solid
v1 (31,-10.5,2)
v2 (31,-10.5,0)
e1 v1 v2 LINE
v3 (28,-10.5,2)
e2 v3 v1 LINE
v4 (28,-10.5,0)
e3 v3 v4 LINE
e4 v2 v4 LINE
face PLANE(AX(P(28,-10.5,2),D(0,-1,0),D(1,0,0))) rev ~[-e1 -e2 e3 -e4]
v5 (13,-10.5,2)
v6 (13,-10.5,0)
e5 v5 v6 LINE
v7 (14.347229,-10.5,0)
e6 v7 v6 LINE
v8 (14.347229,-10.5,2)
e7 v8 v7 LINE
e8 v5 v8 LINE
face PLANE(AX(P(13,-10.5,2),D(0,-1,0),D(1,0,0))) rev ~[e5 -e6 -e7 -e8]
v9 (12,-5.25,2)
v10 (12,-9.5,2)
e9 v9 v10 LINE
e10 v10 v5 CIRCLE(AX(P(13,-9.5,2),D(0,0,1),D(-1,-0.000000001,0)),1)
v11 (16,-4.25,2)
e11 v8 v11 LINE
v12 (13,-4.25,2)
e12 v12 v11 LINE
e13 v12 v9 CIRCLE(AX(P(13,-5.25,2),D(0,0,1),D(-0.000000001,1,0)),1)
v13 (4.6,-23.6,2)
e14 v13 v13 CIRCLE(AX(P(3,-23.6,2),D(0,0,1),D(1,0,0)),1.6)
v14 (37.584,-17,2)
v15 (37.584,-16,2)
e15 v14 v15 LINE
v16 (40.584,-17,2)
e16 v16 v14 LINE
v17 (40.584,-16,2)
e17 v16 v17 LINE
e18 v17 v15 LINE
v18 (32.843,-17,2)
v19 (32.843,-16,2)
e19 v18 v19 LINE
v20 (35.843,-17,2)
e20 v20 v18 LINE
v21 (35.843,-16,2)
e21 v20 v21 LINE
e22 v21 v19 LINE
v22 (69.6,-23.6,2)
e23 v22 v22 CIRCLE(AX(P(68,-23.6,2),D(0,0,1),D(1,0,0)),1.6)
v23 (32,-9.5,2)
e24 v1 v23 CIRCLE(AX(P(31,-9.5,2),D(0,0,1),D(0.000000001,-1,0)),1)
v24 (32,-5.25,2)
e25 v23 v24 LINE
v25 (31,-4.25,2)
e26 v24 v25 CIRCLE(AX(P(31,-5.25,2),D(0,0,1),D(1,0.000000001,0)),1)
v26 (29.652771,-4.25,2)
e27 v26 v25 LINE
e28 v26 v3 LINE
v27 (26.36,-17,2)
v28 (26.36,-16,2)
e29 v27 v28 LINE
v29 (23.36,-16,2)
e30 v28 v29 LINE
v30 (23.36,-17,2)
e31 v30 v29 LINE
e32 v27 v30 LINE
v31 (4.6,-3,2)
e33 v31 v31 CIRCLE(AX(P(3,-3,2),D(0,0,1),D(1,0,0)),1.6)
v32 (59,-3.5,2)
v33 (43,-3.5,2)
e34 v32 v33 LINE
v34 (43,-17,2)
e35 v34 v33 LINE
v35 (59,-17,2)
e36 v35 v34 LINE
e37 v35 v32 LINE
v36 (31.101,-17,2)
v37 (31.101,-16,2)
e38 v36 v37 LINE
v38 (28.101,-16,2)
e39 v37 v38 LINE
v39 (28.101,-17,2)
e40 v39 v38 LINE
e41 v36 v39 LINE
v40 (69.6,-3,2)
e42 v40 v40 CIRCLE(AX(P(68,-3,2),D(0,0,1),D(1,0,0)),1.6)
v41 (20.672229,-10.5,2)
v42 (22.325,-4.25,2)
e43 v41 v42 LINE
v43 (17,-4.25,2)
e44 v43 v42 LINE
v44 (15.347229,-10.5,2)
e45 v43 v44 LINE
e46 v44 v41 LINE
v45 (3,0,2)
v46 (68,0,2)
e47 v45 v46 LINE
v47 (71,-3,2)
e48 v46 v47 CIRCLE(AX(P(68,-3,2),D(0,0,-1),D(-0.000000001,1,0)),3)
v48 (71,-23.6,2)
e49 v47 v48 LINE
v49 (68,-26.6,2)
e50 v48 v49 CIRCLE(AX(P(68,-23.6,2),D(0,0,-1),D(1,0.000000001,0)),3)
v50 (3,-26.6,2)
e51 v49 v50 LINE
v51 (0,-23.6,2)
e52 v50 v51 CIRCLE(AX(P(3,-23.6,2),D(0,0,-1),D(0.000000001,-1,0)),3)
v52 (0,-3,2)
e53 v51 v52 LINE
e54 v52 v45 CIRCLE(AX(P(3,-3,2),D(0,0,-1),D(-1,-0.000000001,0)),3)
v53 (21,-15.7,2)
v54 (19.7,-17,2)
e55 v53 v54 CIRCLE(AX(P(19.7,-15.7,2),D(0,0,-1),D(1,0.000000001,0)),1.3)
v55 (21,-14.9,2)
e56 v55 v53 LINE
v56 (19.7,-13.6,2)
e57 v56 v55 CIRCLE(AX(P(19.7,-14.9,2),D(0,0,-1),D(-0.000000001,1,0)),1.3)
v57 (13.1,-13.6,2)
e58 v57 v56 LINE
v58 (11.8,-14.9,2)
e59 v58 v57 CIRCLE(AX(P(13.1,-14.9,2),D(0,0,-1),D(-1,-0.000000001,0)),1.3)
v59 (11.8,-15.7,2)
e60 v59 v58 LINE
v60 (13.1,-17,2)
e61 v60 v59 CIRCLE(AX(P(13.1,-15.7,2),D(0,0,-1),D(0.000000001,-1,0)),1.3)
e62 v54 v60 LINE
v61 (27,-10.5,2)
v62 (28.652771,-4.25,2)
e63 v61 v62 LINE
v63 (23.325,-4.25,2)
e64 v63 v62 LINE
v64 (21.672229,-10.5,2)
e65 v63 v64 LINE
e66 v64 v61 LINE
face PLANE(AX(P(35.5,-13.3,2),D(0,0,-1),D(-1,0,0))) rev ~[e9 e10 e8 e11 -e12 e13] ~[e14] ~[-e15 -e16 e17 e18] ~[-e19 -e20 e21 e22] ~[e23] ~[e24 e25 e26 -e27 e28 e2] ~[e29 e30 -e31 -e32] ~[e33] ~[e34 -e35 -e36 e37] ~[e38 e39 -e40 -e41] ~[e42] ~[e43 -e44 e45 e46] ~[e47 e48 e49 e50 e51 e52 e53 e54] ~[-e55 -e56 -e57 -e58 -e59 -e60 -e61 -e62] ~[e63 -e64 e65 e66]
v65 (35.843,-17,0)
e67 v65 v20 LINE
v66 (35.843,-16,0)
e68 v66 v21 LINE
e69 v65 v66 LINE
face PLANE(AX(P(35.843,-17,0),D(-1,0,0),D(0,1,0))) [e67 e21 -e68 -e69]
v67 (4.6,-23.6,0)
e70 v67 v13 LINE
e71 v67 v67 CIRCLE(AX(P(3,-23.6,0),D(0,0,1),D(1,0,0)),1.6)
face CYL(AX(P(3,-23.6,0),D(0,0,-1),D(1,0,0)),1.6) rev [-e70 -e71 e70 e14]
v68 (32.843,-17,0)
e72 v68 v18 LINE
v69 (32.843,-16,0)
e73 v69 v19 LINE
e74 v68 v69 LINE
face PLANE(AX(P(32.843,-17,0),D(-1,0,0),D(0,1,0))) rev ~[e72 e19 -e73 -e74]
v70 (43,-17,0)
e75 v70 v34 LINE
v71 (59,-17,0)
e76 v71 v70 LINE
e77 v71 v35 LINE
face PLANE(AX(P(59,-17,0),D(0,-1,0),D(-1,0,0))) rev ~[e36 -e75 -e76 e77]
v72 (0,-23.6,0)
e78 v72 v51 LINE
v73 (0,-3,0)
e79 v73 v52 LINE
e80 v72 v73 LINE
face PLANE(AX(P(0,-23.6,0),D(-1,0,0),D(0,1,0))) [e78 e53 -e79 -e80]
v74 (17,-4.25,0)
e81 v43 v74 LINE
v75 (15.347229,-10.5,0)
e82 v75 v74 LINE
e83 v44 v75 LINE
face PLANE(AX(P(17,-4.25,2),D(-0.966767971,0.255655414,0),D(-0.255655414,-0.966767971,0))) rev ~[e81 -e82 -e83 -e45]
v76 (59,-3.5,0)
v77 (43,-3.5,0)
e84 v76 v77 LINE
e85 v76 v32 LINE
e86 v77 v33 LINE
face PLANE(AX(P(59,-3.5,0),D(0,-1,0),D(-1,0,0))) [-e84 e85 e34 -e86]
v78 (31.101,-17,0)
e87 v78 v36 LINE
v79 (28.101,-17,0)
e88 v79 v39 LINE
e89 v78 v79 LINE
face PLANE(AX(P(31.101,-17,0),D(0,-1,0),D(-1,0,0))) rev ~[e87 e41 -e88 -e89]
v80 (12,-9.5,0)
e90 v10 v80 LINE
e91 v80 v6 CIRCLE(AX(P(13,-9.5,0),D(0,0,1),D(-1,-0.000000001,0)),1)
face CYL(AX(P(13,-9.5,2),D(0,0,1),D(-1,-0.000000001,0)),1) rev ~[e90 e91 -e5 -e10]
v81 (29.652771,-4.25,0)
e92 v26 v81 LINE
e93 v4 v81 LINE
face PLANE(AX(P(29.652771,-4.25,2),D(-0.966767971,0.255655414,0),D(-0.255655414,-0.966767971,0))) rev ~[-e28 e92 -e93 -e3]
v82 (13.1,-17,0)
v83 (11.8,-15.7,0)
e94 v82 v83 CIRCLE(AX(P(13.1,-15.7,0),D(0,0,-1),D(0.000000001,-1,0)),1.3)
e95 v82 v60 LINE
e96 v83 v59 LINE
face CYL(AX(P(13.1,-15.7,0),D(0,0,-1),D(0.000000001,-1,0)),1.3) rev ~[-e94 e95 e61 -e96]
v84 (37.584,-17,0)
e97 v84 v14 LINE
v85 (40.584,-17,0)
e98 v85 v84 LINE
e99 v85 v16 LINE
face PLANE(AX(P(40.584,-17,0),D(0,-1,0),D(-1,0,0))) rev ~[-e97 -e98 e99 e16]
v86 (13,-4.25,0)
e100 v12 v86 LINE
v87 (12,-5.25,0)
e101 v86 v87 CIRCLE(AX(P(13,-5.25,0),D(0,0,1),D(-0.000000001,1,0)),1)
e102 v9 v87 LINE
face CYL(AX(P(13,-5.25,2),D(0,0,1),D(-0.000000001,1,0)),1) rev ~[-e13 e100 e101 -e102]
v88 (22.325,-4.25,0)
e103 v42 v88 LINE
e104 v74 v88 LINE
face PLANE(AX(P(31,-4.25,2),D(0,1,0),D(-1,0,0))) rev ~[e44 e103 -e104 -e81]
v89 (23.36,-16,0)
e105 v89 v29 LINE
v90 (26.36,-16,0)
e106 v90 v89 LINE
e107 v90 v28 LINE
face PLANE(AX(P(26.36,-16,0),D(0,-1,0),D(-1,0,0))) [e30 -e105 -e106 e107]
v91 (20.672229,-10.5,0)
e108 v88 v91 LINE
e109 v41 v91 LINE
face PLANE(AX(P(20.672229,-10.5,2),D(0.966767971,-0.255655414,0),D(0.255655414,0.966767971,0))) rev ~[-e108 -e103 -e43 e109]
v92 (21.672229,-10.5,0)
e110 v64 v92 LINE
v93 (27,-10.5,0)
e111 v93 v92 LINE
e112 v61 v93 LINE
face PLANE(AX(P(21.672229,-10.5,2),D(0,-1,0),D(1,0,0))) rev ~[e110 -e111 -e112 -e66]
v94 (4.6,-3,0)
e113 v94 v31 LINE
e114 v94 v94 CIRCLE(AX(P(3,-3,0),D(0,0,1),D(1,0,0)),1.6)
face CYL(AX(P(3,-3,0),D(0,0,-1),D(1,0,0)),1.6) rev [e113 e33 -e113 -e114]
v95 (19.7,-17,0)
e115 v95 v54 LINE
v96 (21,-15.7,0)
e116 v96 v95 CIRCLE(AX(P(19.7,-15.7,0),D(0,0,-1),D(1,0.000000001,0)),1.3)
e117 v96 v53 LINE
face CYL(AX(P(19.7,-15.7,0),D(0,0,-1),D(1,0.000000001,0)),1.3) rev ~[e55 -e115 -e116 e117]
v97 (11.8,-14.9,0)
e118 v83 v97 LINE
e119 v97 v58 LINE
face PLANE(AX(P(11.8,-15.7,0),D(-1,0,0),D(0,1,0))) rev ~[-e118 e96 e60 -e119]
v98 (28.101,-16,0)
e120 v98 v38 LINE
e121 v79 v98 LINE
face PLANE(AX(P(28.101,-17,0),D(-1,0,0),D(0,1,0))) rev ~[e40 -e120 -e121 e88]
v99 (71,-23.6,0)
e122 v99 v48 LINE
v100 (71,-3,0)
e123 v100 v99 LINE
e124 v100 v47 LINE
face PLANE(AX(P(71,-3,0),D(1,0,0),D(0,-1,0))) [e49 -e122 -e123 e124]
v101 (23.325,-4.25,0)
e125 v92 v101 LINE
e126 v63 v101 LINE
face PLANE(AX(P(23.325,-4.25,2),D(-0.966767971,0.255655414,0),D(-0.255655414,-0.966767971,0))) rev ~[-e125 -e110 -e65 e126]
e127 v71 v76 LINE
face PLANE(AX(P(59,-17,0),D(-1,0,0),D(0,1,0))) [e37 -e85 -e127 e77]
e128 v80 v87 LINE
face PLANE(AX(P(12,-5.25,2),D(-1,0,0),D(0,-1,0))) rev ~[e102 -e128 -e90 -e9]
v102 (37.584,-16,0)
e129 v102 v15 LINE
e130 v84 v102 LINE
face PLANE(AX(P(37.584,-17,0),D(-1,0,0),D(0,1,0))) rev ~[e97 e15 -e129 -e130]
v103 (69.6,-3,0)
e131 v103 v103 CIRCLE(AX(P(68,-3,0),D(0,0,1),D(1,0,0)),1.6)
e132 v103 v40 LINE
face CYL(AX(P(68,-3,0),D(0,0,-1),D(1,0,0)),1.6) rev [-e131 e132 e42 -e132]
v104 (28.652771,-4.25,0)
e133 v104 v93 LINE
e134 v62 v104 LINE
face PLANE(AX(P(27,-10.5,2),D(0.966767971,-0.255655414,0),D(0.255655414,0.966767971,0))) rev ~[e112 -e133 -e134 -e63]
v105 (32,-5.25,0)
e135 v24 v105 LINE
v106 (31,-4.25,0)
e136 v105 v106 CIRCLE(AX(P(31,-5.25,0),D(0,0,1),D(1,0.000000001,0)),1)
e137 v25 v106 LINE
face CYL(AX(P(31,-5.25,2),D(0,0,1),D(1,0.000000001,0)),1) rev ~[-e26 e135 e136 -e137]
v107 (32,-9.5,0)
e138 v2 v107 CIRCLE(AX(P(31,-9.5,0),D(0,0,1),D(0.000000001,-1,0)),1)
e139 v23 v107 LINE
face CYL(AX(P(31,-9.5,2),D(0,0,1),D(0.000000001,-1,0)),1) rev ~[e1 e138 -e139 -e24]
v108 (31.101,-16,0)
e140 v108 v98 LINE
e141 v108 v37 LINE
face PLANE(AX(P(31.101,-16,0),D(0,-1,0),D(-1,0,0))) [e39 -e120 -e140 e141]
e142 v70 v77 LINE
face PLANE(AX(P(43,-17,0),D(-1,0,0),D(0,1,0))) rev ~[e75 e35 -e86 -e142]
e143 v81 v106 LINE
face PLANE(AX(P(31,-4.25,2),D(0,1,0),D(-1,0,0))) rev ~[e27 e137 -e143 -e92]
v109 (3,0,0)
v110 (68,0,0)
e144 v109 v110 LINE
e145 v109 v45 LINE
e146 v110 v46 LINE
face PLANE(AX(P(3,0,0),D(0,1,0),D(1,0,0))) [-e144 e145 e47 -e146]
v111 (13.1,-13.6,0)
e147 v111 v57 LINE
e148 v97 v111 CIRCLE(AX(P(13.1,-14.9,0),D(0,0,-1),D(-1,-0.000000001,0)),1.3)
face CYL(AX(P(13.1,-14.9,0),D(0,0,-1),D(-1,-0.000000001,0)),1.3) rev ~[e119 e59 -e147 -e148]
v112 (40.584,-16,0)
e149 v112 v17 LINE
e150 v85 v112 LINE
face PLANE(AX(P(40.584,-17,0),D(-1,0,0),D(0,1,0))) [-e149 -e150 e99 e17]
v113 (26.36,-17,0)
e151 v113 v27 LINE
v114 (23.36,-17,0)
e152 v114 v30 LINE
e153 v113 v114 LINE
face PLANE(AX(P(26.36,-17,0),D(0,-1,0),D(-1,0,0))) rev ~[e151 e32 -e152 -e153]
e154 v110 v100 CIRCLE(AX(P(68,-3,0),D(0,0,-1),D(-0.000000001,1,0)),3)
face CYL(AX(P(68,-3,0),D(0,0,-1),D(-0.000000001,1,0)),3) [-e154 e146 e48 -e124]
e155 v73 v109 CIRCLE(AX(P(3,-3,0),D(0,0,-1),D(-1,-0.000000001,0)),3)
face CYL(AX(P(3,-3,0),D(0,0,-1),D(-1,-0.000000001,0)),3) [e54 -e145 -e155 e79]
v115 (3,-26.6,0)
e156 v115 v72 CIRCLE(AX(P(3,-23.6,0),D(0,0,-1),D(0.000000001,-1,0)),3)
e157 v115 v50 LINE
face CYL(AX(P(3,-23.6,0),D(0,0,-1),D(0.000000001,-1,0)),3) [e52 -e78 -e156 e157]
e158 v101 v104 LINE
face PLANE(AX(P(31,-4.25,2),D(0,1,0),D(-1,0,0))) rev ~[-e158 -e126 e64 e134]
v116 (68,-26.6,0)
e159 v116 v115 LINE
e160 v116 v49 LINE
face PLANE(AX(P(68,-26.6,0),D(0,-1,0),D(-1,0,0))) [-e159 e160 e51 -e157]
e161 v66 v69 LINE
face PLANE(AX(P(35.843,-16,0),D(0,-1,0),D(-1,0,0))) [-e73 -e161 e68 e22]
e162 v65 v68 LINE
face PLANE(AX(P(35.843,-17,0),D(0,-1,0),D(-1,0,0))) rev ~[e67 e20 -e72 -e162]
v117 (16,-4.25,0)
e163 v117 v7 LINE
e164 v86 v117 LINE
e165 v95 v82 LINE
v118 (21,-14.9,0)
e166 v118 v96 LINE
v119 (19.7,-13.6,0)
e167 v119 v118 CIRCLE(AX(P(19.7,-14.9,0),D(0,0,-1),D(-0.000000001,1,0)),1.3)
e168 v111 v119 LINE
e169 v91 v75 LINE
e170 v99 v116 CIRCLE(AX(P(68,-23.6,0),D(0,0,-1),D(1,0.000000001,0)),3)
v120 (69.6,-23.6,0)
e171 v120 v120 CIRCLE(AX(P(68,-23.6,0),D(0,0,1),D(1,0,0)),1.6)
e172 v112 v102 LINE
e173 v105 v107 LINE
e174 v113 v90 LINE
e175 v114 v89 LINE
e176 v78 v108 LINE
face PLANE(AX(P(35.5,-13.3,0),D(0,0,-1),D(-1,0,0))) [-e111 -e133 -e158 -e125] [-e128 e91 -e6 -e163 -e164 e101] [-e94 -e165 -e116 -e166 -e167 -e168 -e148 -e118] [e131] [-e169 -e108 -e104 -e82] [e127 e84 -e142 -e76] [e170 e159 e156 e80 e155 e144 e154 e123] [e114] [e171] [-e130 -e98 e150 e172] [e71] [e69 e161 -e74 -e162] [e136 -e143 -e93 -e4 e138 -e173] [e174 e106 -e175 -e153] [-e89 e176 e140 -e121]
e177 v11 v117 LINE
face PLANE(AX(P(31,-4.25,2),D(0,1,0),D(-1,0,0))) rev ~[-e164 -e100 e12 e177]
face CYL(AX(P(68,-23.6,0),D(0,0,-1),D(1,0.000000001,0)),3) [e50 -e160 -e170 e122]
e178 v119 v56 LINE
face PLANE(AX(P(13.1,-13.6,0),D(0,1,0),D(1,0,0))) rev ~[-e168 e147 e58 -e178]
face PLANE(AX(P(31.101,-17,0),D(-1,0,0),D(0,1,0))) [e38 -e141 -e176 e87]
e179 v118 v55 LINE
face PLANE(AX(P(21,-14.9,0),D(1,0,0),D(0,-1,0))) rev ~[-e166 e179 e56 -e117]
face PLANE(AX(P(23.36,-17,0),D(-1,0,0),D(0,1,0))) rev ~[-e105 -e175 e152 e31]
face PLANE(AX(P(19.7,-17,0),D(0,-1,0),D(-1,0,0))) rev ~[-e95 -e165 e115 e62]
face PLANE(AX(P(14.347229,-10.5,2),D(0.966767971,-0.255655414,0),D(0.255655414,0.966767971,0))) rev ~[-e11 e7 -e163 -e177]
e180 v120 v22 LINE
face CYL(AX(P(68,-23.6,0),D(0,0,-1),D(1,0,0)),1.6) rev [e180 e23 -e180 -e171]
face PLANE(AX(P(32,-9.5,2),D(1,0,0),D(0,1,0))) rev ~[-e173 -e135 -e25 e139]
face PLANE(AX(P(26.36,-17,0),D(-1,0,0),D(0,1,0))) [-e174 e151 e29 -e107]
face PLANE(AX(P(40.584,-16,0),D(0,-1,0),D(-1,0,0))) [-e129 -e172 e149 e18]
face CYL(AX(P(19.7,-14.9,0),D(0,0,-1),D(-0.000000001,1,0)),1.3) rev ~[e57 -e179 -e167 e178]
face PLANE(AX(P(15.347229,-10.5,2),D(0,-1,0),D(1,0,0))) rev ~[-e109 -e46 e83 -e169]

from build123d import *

# Parameters (mm, degrees)
SKETCH_1_R          = 1.6
EXTRUDE_1_DEPTH     = 2
SKETCH_2_W          = 16
SKETCH_2_H          = 13.5
SKETCH_2_W_2        = 3
SKETCH_2_H_2        = 1
CUT_EXTRUDE_2_DEPTH = 2
SKETCH_3_W          = 20
SKETCH_3_H          = 2.5
EXTRUDE_2_DEPTH     = 20
CUT_EXTRUDE_3_DEPTH = 20
SKETCH_6_W          = 20
SKETCH_6_H          = 2.5
CUT_EXTRUDE_4_DEPTH = 20


with BuildPart() as part:
    # 草图1 → 凸台-拉伸1 (new body)
    with BuildSketch(Plane.XY):
        with BuildLine():
            Line((3, 0), (68, 0))
            ThreePointArc((68, 0), (70.121320344, -0.878679656), (71, -3))
            Line((71, -3), (71, -23.6))
            ThreePointArc((71, -23.6), (70.121320344, -25.721320344), (68, -26.6))
            Line((68, -26.6), (3, -26.6))
            ThreePointArc((3, -26.6), (0.878679656, -25.721320344), (0, -23.6))
            Line((0, -23.6), (0, -3))
            ThreePointArc((0, -3), (0.878679656, -0.878679656), (3, 0))
        make_face()
        with Locations((3, -3)):
            Circle(SKETCH_1_R, mode=Mode.SUBTRACT)
        with Locations((68, -3)):
            Circle(SKETCH_1_R, mode=Mode.SUBTRACT)
        with Locations((68, -23.6)):
            Circle(SKETCH_1_R, mode=Mode.SUBTRACT)
        with Locations((3, -23.6)):
            Circle(SKETCH_1_R, mode=Mode.SUBTRACT)
    extrude(amount=EXTRUDE_1_DEPTH)

    # 草图2 → 切除-拉伸2 (cut)
    with BuildSketch(Plane(origin=(0, 0, 0), x_dir=(-1, 0, 0), z_dir=(0, 0, -1))):
        with Locations((-51, -10.25)):
            Rectangle(SKETCH_2_W, SKETCH_2_H)
        with BuildLine():
            Line((-19.7, -17), (-13.1, -17))
            ThreePointArc((-13.1, -17), (-12.180761184, -16.619238816), (-11.8, -15.7))
            Line((-11.8, -15.7), (-11.8, -14.9))
            ThreePointArc((-11.8, -14.9), (-12.180761184, -13.980761184), (-13.1, -13.6))
            Line((-13.1, -13.6), (-19.7, -13.6))
            ThreePointArc((-19.7, -13.6), (-20.619238816, -13.980761184), (-21, -14.9))
            Line((-21, -14.9), (-21, -15.7))
            ThreePointArc((-21, -15.7), (-20.619238816, -16.619238816), (-19.7, -17))
        make_face()
        with Locations((-39.084, -16.5)):
            Rectangle(SKETCH_2_W_2, SKETCH_2_H_2)
        with Locations((-34.343, -16.5)):
            Rectangle(SKETCH_2_W_2, SKETCH_2_H_2)
        with Locations((-29.601, -16.5)):
            Rectangle(SKETCH_2_W_2, SKETCH_2_H_2)
        with Locations((-24.86, -16.5)):
            Rectangle(SKETCH_2_W_2, SKETCH_2_H_2)
    extrude(amount=-CUT_EXTRUDE_2_DEPTH, mode=Mode.SUBTRACT)

    # 草图3 → 凸台-拉伸2 (add)
    with BuildSketch(Plane.XY.offset(2)):
        with Locations((22, -3)):
            Rectangle(SKETCH_3_W, SKETCH_3_H)
    extrude(amount=EXTRUDE_2_DEPTH)

    # 草图5 → 切除-拉伸3 (cut)
    with BuildSketch(Plane.XY.offset(2)):
        with BuildLine():
            Line((14.347228721, -10.5), (16, -4.25))
            Line((16, -4.25), (13, -4.25))
            ThreePointArc((13, -4.25), (12.292893219, -4.542893219), (12, -5.25))
            Line((12, -5.25), (12, -9.5))
            ThreePointArc((12, -9.5), (12.292893219, -10.207106781), (13, -10.5))
            Line((13, -10.5), (14.347228721, -10.5))
        make_face()
        Polygon((22.325, -4.25), (17, -4.25), (15.347228721, -10.5), (20.672228721, -10.5), align=None)
        Polygon((28.652771279, -4.25), (23.325, -4.25), (21.672228721, -10.5), (27, -10.5), align=None)
        with BuildLine():
            Line((31, -4.25), (29.652771279, -4.25))
            Line((29.652771279, -4.25), (28, -10.5))
            Line((28, -10.5), (31, -10.5))
            ThreePointArc((31, -10.5), (31.707106781, -10.207106781), (32, -9.5))
            Line((32, -9.5), (32, -5.25))
            ThreePointArc((32, -5.25), (31.707106781, -4.542893219), (31, -4.25))
        make_face()
    extrude(amount=-CUT_EXTRUDE_3_DEPTH, mode=Mode.SUBTRACT)

    # 草图6 → 切除-拉伸4 (cut)
    with BuildSketch(Plane.XY.offset(22)):
        with Locations((22, -3)):
            Rectangle(SKETCH_6_W, SKETCH_6_H)
    extrude(amount=-CUT_EXTRUDE_4_DEPTH, mode=Mode.SUBTRACT)


solid = part.part
